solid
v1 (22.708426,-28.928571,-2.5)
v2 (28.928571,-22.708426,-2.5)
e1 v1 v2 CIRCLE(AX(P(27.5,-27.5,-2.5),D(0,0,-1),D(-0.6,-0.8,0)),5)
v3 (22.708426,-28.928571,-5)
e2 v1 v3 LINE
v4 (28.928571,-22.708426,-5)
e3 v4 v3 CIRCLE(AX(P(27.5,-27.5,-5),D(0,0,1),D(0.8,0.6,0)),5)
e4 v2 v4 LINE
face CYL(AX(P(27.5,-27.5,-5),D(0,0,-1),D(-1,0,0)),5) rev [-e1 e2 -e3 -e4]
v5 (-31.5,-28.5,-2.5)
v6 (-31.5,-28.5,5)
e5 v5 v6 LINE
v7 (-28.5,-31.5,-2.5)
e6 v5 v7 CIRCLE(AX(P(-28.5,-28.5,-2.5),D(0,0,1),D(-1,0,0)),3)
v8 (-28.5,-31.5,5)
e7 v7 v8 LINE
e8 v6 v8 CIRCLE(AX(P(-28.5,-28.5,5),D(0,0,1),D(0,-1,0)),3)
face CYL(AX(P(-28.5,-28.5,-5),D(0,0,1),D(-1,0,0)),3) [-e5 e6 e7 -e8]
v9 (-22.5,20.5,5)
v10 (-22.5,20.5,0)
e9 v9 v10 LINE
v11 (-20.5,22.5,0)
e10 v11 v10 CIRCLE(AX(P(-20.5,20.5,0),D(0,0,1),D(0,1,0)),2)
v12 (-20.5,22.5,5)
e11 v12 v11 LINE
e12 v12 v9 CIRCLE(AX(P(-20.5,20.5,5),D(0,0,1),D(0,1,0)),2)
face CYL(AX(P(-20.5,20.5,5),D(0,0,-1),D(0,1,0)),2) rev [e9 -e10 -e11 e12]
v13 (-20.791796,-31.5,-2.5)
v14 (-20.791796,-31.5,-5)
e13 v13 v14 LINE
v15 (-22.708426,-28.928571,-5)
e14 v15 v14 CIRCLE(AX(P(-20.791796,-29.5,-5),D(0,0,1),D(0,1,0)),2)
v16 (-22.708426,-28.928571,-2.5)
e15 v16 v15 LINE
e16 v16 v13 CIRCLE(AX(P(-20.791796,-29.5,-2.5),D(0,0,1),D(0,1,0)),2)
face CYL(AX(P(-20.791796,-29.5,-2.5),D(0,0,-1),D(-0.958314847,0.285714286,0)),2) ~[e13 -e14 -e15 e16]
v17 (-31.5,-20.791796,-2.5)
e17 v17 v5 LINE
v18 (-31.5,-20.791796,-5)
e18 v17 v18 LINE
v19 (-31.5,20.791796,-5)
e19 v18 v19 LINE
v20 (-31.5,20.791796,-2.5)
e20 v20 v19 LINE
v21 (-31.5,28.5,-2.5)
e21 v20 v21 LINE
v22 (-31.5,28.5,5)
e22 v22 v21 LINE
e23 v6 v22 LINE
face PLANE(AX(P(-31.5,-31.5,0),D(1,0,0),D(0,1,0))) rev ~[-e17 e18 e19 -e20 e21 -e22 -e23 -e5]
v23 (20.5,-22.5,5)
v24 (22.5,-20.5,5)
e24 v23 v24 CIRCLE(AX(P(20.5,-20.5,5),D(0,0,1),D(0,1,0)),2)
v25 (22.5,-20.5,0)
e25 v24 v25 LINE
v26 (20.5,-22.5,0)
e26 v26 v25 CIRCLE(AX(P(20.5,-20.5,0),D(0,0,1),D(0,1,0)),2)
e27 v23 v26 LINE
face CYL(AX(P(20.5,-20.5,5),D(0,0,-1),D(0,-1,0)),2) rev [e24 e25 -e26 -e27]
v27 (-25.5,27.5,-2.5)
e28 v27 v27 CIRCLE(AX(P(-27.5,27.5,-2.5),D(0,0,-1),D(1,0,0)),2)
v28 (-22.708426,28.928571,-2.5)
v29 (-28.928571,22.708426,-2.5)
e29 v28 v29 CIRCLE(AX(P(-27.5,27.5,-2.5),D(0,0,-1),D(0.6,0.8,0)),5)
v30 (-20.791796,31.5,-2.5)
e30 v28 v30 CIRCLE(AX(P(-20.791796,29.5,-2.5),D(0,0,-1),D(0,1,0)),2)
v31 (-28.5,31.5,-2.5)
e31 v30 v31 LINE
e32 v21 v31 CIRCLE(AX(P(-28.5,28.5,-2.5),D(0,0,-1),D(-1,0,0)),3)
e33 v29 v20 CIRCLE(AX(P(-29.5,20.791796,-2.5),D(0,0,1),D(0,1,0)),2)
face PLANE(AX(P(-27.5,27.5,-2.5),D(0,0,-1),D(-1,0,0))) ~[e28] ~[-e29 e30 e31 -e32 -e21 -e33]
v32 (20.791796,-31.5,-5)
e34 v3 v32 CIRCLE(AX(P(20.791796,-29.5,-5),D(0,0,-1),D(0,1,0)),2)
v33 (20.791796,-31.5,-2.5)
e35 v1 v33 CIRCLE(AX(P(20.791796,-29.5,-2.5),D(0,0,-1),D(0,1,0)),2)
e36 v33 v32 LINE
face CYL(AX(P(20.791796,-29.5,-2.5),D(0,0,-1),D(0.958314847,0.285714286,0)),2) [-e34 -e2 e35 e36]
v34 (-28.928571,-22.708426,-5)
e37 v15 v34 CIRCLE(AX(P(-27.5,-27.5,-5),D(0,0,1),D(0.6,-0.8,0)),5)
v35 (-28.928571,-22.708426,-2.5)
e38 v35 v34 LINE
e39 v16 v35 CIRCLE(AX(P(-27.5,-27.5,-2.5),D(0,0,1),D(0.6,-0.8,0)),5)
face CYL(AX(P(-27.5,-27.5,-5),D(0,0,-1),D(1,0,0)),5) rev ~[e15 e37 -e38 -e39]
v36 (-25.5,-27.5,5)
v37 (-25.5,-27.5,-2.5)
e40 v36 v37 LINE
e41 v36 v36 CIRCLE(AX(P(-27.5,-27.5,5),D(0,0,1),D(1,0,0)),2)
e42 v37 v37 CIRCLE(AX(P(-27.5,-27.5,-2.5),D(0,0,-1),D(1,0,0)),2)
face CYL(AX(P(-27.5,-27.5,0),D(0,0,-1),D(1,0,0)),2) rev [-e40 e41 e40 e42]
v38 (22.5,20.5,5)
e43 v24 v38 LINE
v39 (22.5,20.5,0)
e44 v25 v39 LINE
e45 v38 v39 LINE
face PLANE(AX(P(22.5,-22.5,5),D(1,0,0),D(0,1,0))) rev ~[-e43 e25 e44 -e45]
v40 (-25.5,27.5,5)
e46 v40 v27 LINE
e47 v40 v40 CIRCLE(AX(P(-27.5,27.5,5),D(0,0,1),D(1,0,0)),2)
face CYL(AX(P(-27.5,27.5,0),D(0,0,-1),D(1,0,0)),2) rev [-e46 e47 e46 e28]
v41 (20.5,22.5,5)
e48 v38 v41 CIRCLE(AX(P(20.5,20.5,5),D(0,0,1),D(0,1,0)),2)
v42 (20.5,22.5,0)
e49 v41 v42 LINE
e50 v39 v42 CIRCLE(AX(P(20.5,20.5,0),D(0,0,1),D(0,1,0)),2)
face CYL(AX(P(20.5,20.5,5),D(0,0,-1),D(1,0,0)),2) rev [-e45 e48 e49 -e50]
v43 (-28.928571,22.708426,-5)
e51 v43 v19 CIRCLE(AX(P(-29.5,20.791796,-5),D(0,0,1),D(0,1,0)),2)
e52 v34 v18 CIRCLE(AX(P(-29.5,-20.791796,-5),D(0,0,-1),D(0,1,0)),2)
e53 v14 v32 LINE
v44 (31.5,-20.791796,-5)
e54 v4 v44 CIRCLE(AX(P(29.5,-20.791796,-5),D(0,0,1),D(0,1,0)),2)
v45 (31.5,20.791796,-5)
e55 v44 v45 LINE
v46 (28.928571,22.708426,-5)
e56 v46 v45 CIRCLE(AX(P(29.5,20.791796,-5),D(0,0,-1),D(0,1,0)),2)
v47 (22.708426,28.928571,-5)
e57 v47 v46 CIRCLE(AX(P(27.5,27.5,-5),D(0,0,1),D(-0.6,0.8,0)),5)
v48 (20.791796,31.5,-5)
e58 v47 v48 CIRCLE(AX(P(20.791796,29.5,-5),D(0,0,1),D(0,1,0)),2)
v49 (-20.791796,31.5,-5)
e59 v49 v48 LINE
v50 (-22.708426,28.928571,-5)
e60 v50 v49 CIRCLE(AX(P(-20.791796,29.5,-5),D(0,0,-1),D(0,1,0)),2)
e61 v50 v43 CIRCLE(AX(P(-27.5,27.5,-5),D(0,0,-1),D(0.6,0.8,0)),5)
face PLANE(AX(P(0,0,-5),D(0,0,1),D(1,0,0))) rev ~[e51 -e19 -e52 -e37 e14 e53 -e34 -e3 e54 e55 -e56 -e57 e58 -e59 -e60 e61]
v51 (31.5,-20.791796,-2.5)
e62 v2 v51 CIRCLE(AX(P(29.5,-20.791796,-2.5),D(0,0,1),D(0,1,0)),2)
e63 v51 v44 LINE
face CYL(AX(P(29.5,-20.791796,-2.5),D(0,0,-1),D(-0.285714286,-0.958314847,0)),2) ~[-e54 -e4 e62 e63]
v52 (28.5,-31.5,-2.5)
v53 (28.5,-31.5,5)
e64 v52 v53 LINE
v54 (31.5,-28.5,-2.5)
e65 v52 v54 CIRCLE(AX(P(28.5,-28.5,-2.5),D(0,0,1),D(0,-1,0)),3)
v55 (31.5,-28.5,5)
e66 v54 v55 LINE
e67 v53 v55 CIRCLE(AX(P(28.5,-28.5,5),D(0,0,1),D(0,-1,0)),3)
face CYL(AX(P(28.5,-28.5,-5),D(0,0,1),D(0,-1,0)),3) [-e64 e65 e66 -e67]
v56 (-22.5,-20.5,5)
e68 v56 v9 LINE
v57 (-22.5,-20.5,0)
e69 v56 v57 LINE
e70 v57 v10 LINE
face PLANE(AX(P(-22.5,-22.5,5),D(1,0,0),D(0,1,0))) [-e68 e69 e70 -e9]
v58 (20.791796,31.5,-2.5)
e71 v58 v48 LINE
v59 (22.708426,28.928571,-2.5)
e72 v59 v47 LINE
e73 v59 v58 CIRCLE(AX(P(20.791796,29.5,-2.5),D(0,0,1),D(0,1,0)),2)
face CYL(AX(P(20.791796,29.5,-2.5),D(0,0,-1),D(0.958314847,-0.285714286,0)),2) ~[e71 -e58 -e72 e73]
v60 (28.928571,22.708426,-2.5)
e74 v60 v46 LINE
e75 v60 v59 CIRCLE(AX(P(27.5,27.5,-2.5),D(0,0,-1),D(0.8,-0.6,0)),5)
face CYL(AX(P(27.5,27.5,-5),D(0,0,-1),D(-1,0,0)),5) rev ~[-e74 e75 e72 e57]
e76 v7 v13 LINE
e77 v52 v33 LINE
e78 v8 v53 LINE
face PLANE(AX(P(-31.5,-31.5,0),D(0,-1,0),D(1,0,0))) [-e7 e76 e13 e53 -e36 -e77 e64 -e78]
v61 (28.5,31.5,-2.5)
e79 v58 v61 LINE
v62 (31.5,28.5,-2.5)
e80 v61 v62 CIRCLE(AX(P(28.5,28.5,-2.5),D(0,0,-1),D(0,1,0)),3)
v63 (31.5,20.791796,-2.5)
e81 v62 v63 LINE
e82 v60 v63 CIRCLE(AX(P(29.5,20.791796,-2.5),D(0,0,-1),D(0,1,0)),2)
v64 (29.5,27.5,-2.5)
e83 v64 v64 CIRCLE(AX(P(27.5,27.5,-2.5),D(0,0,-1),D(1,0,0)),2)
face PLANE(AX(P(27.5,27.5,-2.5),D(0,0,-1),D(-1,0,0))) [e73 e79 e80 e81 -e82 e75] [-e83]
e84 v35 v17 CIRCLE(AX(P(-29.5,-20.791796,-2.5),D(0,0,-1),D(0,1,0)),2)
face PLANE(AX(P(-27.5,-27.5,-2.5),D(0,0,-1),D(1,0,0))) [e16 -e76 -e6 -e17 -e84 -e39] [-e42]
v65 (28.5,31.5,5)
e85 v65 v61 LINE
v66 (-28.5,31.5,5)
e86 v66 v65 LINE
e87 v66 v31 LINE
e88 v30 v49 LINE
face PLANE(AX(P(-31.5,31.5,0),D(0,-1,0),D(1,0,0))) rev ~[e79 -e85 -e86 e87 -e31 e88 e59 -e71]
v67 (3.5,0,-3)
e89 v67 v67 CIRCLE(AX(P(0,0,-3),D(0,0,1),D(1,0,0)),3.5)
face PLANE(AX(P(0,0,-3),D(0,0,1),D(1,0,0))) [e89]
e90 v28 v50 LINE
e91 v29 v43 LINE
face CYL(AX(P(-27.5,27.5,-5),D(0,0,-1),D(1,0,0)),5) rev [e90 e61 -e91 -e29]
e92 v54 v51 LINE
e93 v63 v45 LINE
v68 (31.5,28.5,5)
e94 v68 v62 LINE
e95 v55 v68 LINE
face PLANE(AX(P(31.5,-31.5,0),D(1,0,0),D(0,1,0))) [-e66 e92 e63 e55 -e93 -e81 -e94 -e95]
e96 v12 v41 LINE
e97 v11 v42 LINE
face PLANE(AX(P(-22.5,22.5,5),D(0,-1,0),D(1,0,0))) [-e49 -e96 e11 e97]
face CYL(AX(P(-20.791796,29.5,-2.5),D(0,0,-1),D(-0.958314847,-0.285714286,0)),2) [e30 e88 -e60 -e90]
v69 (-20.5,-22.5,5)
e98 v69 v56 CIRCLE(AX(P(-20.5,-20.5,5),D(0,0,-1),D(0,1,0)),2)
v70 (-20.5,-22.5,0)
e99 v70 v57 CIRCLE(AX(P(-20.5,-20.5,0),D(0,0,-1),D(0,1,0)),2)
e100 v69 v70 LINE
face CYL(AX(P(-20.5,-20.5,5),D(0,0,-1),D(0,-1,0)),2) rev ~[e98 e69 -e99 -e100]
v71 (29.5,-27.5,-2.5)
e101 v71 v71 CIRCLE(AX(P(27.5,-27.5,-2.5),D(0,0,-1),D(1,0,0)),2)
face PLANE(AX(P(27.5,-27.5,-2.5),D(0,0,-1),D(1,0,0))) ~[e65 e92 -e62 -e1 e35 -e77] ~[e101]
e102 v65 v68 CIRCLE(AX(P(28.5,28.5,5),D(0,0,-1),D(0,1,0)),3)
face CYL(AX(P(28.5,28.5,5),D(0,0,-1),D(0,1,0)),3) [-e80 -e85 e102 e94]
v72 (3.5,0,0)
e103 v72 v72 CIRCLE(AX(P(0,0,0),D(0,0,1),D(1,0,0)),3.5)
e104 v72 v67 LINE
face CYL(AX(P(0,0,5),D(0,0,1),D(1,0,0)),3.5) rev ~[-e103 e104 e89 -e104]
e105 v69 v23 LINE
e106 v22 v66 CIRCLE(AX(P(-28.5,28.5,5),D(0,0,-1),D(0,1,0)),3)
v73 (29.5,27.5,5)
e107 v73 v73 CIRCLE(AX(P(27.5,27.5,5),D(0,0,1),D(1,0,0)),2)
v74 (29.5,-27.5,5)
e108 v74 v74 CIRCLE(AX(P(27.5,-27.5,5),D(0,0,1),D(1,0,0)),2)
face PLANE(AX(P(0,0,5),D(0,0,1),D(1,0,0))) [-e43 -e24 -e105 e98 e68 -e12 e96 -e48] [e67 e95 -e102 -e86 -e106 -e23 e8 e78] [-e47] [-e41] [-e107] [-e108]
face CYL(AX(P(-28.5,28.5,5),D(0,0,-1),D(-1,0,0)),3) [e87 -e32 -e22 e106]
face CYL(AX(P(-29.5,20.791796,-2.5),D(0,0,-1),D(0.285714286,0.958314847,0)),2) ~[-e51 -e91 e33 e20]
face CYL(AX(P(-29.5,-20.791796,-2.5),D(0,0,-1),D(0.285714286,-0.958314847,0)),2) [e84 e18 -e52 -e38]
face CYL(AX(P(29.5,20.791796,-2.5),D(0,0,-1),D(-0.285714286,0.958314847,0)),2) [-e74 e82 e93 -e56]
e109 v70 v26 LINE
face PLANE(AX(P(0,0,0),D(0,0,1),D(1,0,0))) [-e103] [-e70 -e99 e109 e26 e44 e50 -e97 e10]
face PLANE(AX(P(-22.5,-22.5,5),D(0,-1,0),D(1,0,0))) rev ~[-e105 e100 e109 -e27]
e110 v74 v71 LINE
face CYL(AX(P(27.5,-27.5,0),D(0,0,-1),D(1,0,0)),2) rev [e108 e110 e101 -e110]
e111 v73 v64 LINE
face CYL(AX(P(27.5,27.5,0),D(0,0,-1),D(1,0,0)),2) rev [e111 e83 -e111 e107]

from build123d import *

# Parameters (mm, degrees)
SKETCH1_W                                  = 63
SKETCH1_H                                  = 63
SKETCH1_R                                  = 2
BOSS_EXTRUDE1_DEPTH                        = 5
SKETCH3_W                                  = 45
SKETCH3_H                                  = 45
CUT_EXTRUDE1_DEPTH                         = 5
FILLET1_R                                  = 3
SKETCH4_R                                  = 3.5
CUT_EXTRUDE2_DEPTH                         = 8
FILLET2_R                                  = 2
SKETCH5_R                                  = 5
CUT_EXTRUDE3_DEPTH                         = 2.5
MIRROR1_AT_THE_SECOND_PLANE_COPY_1_SKETC_R = 5
MIRROR1_AT_THE_SECOND_PLANE_COPY_1_DEPTH   = 2.5
FILLET3_R                                  = 2


with BuildPart() as part:
    # Sketch1 → Boss-Extrude1 (new, symmetric)
    with BuildSketch(Plane.XY):
        Rectangle(SKETCH1_W, SKETCH1_H)
        with Locations((-27.5, 27.5)):
            Circle(SKETCH1_R, mode=Mode.SUBTRACT)
        with Locations((27.5, 27.5)):
            Circle(SKETCH1_R, mode=Mode.SUBTRACT)
        with Locations((27.5, -27.5)):
            Circle(SKETCH1_R, mode=Mode.SUBTRACT)
        with Locations((-27.5, -27.5)):
            Circle(SKETCH1_R, mode=Mode.SUBTRACT)
    extrude(amount=BOSS_EXTRUDE1_DEPTH, both=True)

    # Sketch3 → Cut-Extrude1 (cut)
    with BuildSketch(Plane.XY.offset(5)):
        Rectangle(SKETCH3_W, SKETCH3_H)
    extrude(amount=-CUT_EXTRUDE1_DEPTH, mode=Mode.SUBTRACT)

    # Fillet1
    fillet1_edges = [part.edges().sort_by_distance(p)[0] for p in [
        (-31.5, 31.5, 0),
        (31.5, 31.5, 0),
        (31.5, -31.5, 0),
        (-31.5, -31.5, 0),
    ]]
    fillet(fillet1_edges, radius=FILLET1_R)

    # Sketch4 → Cut-Extrude2 (cut)
    with BuildSketch(Plane.XY.offset(5)):
        Circle(SKETCH4_R)
    extrude(amount=-CUT_EXTRUDE2_DEPTH, mode=Mode.SUBTRACT)

    # Fillet2
    fillet2_edges = [part.edges().sort_by_distance(p)[0] for p in [
        (-22.5, -22.5, 2.5),
        (-22.5, 22.5, 2.5),
        (22.5, 22.5, 2.5),
        (22.5, -22.5, 2.5),
    ]]
    fillet(fillet2_edges, radius=FILLET2_R)

    # Sketch5 → Cut-Extrude3 (cut)
    with BuildSketch(Plane(origin=(0, 0, -5), x_dir=(-1, 0, 0), z_dir=(0, 0, -1))):
        with Locations((-27.5, 27.5)):
            Circle(SKETCH5_R)
    cut_extrude3 = extrude(amount=-CUT_EXTRUDE3_DEPTH, mode=Mode.SUBTRACT)

    # Mirror1: Cut-Extrude3 across plane
    add(cut_extrude3.mirror(Plane(origin=(0, 0, 0), x_dir=(0, 0, 1), z_dir=(1, 0, 0))), mode=Mode.SUBTRACT)

    # Mirror1 at the second plane: Cut-Extrude3 across plane
    add(cut_extrude3.mirror(Plane.ZX), mode=Mode.SUBTRACT)

    # Mirror1 at the second plane copy 1 sketc → Mirror1 at the second plane copy 1 (cut)
    with BuildSketch(Plane(origin=(0, 0, -5), x_dir=(1, 0, 0), z_dir=(0, 0, -1))):
        with Locations((-27.5, 27.5)):
            Circle(MIRROR1_AT_THE_SECOND_PLANE_COPY_1_SKETC_R)
    extrude(amount=-MIRROR1_AT_THE_SECOND_PLANE_COPY_1_DEPTH, mode=Mode.SUBTRACT)

    # Fillet3
    fillet3_edges = [part.edges().sort_by_distance(p)[0] for p in [
        (24.5, 31.5, -3.75),
        (31.5, 24.5, -3.75),
        (31.5, -24.5, -3.75),
        (24.5, -31.5, -3.75),
        (-24.5, 31.5, -3.75),
        (-31.5, 24.5, -3.75),
        (-31.5, -24.5, -3.75),
        (-24.5, -31.5, -3.75),
    ]]
    fillet(fillet3_edges, radius=FILLET3_R)


solid = part.part
